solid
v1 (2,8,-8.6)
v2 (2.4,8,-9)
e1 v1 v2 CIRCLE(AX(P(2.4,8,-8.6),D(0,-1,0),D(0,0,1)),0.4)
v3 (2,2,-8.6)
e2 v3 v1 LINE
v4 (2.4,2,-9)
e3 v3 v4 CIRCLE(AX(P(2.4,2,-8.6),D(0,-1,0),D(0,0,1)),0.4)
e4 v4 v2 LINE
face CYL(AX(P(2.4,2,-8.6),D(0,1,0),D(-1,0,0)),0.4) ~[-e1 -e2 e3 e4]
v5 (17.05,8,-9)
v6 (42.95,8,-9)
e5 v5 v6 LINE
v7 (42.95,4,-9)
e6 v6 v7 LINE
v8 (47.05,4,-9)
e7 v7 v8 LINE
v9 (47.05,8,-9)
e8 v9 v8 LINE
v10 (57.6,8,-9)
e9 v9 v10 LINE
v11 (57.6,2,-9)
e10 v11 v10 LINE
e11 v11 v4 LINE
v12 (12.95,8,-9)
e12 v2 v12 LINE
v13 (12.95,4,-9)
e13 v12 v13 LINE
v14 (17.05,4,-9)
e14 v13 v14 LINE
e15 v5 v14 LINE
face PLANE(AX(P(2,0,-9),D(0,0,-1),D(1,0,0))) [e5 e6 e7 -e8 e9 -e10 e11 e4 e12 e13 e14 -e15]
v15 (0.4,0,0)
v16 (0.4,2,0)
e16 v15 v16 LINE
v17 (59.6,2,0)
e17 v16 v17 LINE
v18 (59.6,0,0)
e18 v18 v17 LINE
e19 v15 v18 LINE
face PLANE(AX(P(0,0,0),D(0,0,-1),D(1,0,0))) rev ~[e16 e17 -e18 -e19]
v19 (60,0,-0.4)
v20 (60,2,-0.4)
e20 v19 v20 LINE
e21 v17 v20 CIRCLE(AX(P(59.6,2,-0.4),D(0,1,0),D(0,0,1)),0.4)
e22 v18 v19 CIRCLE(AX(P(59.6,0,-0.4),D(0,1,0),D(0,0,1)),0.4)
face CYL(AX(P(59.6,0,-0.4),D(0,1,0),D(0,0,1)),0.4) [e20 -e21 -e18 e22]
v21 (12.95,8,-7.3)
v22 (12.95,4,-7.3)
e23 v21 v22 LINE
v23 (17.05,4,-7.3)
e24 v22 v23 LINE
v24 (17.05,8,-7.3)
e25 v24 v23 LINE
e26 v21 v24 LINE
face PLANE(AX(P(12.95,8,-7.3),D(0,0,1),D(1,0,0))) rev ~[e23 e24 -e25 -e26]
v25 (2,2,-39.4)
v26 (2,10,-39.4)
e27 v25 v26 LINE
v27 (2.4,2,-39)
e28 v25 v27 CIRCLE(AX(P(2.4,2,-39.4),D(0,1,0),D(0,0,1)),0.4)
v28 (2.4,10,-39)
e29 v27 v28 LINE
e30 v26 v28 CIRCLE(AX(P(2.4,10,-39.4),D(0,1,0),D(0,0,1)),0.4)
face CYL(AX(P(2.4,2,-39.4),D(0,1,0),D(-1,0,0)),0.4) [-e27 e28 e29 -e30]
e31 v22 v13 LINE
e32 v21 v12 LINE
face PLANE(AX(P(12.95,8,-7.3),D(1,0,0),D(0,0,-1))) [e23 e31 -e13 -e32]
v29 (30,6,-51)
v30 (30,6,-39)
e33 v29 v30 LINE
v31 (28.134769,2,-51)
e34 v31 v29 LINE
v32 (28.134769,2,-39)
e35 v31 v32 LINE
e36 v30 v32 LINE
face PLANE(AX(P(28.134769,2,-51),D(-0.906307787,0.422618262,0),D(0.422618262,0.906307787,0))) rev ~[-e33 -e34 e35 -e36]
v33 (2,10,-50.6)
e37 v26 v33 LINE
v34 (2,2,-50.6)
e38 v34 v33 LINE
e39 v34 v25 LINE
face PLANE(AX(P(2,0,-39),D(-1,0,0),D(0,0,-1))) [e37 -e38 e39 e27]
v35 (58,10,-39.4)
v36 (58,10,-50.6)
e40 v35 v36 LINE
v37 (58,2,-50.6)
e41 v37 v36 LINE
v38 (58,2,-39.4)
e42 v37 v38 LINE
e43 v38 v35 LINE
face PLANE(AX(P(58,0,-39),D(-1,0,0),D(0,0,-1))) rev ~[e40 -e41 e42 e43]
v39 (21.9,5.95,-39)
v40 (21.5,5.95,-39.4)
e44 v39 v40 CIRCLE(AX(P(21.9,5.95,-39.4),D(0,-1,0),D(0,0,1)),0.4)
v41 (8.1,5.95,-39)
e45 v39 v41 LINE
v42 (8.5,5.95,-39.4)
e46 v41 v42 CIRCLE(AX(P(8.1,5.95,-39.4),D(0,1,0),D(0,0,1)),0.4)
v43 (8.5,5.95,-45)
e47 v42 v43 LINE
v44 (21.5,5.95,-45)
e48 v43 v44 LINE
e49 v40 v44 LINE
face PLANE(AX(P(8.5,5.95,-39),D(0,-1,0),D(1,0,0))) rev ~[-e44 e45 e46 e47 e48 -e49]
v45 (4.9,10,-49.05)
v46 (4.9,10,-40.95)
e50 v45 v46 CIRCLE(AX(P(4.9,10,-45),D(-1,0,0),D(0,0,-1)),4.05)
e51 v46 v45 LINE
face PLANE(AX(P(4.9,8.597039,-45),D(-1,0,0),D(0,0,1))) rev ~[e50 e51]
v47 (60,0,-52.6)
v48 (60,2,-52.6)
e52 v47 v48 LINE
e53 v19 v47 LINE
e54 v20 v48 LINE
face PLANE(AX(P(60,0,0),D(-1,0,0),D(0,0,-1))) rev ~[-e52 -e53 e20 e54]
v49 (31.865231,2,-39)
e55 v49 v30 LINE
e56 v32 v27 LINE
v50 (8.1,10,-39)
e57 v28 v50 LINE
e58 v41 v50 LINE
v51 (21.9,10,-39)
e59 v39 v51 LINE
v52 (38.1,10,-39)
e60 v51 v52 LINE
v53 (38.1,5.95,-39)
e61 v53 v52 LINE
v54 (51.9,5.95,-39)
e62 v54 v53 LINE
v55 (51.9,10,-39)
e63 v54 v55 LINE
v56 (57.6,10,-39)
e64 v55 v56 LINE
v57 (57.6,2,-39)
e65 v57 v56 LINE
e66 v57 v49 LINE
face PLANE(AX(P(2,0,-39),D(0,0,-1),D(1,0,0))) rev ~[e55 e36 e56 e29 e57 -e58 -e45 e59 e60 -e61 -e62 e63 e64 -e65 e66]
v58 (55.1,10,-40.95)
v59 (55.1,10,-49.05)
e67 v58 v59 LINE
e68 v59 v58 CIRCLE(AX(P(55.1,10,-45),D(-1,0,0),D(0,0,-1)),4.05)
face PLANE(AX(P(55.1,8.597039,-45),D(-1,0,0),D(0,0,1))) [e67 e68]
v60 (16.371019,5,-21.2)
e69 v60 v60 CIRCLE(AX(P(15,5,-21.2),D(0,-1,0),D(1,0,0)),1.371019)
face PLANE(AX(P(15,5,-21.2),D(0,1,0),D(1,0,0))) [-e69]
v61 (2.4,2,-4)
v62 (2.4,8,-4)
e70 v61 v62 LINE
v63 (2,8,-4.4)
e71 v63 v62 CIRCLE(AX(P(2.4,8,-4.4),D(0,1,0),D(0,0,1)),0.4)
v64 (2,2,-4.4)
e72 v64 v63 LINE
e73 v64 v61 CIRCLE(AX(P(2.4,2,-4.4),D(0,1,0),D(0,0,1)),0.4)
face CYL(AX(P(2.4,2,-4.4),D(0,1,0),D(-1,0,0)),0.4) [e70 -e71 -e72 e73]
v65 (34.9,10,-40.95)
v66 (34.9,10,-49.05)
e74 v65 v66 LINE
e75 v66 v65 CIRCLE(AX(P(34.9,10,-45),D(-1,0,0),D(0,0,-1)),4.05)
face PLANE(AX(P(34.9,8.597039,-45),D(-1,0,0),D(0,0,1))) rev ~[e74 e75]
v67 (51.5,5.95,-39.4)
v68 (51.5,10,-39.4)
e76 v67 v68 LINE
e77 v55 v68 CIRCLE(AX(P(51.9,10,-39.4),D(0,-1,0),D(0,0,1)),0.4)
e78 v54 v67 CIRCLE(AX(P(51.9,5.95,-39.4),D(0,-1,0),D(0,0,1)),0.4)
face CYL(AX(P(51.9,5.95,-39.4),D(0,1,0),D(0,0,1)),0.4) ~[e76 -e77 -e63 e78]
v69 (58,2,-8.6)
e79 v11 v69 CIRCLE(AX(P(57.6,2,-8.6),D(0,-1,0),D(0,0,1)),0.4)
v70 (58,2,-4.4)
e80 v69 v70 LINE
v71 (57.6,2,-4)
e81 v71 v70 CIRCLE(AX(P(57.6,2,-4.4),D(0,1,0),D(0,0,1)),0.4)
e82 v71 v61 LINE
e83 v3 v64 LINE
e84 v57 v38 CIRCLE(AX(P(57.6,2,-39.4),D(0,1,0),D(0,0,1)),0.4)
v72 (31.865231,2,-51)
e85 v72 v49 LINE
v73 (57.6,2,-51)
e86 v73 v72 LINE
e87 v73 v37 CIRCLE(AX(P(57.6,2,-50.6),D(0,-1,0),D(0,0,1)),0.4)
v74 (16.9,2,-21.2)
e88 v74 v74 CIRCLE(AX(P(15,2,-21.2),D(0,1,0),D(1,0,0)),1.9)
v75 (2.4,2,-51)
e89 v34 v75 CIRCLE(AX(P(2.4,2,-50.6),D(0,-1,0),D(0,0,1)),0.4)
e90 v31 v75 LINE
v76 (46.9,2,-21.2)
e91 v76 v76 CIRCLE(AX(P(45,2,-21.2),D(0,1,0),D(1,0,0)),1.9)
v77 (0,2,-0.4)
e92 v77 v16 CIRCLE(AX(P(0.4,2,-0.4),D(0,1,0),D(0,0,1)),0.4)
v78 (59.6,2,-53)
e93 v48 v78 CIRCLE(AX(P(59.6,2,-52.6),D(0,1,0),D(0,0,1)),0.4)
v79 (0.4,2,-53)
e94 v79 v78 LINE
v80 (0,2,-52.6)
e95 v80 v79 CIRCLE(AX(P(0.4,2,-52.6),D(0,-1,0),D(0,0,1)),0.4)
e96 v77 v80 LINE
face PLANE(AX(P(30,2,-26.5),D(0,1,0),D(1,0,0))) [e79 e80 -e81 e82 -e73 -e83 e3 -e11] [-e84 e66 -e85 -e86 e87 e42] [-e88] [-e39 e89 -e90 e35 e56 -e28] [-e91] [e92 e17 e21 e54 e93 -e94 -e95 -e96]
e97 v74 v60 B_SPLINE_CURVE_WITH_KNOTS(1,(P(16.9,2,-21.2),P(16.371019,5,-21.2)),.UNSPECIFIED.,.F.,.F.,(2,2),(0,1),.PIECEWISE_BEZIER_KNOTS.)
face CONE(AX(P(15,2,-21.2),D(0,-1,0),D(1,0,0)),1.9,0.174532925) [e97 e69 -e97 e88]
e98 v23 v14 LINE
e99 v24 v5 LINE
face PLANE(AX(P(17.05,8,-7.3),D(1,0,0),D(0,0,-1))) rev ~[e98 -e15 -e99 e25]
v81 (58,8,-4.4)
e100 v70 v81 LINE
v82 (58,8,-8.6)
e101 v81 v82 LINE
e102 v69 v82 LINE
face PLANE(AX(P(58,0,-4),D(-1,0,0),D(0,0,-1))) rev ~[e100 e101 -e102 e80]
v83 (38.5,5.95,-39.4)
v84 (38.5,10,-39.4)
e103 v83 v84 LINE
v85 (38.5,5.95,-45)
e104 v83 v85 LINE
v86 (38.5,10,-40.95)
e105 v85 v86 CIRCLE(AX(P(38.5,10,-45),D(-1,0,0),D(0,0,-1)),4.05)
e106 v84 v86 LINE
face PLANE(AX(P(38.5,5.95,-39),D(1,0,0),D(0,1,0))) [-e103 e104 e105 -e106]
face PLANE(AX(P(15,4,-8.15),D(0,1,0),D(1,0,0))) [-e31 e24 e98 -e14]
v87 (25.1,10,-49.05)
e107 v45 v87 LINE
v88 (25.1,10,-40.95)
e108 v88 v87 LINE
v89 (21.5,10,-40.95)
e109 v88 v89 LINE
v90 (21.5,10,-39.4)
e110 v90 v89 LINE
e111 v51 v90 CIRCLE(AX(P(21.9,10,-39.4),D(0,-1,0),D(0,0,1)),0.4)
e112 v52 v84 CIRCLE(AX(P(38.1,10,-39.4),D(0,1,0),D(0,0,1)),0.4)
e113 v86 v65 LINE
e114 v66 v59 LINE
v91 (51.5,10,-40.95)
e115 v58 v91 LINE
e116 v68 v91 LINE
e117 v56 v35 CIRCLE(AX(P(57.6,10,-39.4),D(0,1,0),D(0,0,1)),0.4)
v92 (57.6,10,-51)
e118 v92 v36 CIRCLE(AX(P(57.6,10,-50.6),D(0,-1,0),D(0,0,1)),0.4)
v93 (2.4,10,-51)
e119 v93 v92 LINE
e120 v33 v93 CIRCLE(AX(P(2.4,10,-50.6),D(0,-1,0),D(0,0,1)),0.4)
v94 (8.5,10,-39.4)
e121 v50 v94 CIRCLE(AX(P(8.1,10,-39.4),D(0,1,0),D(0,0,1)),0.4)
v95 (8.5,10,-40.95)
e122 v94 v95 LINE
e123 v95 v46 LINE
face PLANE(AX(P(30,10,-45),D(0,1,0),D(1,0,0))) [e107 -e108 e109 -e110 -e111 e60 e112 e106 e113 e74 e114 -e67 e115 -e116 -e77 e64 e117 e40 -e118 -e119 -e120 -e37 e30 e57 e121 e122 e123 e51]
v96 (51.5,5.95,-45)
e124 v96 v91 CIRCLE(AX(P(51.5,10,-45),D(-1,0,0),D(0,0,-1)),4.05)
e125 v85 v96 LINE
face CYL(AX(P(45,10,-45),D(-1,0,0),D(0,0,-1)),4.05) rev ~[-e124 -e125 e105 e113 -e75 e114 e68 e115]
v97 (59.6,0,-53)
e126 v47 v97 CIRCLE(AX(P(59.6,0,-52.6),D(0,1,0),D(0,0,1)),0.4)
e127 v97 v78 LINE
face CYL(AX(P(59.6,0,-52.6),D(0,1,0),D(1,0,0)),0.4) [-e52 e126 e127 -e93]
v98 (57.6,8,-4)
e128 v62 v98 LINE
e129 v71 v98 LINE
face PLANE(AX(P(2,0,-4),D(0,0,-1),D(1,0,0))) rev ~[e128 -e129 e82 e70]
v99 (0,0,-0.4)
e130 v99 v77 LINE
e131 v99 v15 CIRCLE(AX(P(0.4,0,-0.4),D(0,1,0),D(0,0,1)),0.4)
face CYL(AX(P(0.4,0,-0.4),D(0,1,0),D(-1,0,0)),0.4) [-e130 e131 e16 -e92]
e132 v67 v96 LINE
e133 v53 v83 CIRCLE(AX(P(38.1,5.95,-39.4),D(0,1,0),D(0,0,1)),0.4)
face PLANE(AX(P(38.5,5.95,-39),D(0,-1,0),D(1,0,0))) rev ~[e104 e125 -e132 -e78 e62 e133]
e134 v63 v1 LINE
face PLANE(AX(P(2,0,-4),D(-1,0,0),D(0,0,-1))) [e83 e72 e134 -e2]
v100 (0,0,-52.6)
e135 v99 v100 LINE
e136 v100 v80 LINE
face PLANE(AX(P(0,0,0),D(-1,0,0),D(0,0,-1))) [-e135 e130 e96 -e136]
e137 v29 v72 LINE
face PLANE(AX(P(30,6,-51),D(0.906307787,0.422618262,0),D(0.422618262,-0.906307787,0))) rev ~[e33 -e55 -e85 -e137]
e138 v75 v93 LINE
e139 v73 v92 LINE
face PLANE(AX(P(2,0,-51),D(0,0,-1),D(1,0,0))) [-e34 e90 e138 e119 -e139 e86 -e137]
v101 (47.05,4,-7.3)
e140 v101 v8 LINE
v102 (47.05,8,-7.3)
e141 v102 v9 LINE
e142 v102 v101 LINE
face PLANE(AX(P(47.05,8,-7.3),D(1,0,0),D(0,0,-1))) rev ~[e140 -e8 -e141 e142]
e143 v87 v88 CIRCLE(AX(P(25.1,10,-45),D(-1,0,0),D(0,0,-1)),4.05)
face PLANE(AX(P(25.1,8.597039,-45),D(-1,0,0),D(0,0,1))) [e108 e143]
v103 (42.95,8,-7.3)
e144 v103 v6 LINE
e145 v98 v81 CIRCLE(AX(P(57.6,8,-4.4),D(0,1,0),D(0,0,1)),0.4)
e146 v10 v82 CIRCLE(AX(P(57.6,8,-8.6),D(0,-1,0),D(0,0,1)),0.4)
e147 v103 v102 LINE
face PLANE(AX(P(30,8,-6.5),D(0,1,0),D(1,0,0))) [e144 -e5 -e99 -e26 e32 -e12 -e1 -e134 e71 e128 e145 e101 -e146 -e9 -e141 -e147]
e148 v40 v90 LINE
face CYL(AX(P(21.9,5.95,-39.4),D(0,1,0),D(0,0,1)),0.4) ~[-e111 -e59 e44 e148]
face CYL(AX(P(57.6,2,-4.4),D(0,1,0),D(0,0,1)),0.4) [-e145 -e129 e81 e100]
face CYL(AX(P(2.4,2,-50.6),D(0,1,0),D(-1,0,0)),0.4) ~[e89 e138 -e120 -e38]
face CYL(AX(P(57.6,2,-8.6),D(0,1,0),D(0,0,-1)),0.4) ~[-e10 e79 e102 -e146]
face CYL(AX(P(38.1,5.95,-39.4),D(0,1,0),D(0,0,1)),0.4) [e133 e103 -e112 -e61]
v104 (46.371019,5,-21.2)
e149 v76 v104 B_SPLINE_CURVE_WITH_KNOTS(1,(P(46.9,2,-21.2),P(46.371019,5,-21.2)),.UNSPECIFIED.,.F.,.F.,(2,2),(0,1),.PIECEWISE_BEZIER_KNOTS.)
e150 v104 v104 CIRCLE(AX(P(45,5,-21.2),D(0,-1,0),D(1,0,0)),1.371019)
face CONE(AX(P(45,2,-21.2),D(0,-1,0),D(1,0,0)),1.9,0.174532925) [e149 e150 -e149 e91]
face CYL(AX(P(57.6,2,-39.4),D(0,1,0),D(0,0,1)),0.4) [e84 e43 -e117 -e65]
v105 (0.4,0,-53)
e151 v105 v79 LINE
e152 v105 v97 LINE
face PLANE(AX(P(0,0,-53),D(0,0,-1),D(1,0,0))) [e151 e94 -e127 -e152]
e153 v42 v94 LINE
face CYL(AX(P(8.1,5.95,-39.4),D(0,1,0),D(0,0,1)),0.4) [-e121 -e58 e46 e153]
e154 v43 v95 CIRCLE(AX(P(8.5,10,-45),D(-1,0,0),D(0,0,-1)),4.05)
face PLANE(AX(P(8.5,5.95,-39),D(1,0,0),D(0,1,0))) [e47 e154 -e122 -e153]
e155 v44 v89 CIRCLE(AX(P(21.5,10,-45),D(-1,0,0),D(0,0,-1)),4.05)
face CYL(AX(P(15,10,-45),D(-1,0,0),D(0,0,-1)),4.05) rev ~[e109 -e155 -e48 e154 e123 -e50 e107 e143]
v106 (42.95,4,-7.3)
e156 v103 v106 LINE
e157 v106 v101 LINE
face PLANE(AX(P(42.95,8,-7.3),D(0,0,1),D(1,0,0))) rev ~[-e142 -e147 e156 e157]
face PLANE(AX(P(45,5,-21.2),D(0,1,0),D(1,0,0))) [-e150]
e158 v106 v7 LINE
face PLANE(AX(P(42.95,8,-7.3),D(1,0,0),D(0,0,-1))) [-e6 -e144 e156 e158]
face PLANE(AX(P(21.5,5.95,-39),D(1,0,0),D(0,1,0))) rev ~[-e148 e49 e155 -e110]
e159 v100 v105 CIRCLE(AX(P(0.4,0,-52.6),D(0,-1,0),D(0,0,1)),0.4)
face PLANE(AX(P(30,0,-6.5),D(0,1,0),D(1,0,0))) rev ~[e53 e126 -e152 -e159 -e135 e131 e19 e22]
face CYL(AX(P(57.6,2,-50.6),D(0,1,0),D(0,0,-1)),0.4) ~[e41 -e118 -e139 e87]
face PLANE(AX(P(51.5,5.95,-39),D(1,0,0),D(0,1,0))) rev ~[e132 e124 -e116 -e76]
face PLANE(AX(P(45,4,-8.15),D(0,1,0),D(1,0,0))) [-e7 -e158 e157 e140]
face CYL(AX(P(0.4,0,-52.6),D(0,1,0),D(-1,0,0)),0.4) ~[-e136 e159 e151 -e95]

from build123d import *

# Parameters (mm, degrees)
SKETCH1_W               = 60
SKETCH1_H               = 53
BOSS_EXTRUDE1_DEPTH     = 2
SKETCH3_W               = 56
SKETCH3_H               = 12
BOSS_EXTRUDE3_DEPTH     = 10
SKETCH2_W               = 56
SKETCH2_H               = 5
BOSS_EXTRUDE2_DEPTH     = 8
CUT_EXTRUDE1_DEPTH      = 10.1
CUT_EXTRUDE1_DEPTH_BACK = 10.1
CUT_EXTRUDE2_DEPTH      = 10.1
CUT_EXTRUDE2_DEPTH_BACK = 10.1
SKETCH6_W               = 13
SKETCH6_H               = 4.05
CUT_EXTRUDE3_DEPTH      = 6
SKETCH7_R               = 1.9
BOSS_EXTRUDE4_DEPTH     = 3
BOSS_EXTRUDE4_TAPER     = 10
FILLET2_R               = 0.4
CUT_EXTRUDE4_REACH      = 53
SKETCH9_W               = 4.1
SKETCH9_H               = 1.7
CUT_EXTRUDE5_DEPTH      = 4


with BuildPart() as part:
    # Sketch1 → Boss-Extrude1 (new body)
    with BuildSketch(Plane(origin=(0, 0, 0), x_dir=(1, 0, 0), z_dir=(0, 1, 0))):
        with Locations((30, 26.5)):
            Rectangle(SKETCH1_W, SKETCH1_H)
    extrude(amount=BOSS_EXTRUDE1_DEPTH)

    # Sketch3 → Boss-Extrude3 (add)
    with BuildSketch(Plane(origin=(0, 0, 0), x_dir=(1, 0, 0), z_dir=(0, 1, 0))):
        with Locations((30, 45)):
            Rectangle(SKETCH3_W, SKETCH3_H)
    extrude(amount=BOSS_EXTRUDE3_DEPTH)

    # Sketch2 → Boss-Extrude2 (add)
    with BuildSketch(Plane(origin=(0, 0, 0), x_dir=(1, 0, 0), z_dir=(0, 1, 0))):
        with Locations((30, 6.5)):
            Rectangle(SKETCH2_W, SKETCH2_H)
    extrude(amount=BOSS_EXTRUDE2_DEPTH)

    # Sketch4 → Cut-Extrude1 (cut, two sides)
    with BuildSketch(Plane.ZY.offset(-15)) as cut_extrude1_sk:
        with BuildLine():
            Line((-40.95, 10), (-49.05, 10))
            ThreePointArc((-49.05, 10), (-45, 5.95), (-40.95, 10))
        make_face()
    extrude(amount=CUT_EXTRUDE1_DEPTH, mode=Mode.SUBTRACT)
    extrude(cut_extrude1_sk.sketch, amount=-CUT_EXTRUDE1_DEPTH_BACK, mode=Mode.SUBTRACT)

    # Sketch5 → Cut-Extrude2 (cut, two sides)
    with BuildSketch(Plane(origin=(45, 0, 0), x_dir=(0, 0, -1), z_dir=(1, 0, 0))) as cut_extrude2_sk:
        with BuildLine():
            Line((40.95, 10), (49.05, 10))
            ThreePointArc((49.05, 10), (45, 5.95), (40.95, 10))
        make_face()
    extrude(amount=CUT_EXTRUDE2_DEPTH, mode=Mode.SUBTRACT)
    extrude(cut_extrude2_sk.sketch, amount=-CUT_EXTRUDE2_DEPTH_BACK, mode=Mode.SUBTRACT)

    # Sketch6 → Cut-Extrude3 (cut)
    with BuildSketch(Plane.XY.offset(-39)):
        with Locations((15, 7.975)):
            Rectangle(SKETCH6_W, SKETCH6_H)
        with Locations((45, 7.975)):
            Rectangle(SKETCH6_W, SKETCH6_H)
    extrude(amount=-CUT_EXTRUDE3_DEPTH, mode=Mode.SUBTRACT)

    # Sketch7 → Boss-Extrude4 (add)
    with BuildSketch(Plane(origin=(0, 2, 0), x_dir=(1, 0, 0), z_dir=(0, 1, 0))):
        with Locations((15, 21.2)):
            Circle(SKETCH7_R)
        with Locations((45, 21.2)):
            Circle(SKETCH7_R)
    extrude(amount=BOSS_EXTRUDE4_DEPTH, taper=BOSS_EXTRUDE4_TAPER)

    # Fillet2
    fillet2_edges = [part.edges().sort_by_distance(p)[0] for p in [
        (58, 6, -51),
        (2, 6, -51),
        (2, 6, -39),
        (58, 6, -39),
        (2, 5, -4),
        (58, 5, -4),
        (58, 5, -9),
        (2, 5, -9),
        (0, 1, 0),
        (0, 1, -53),
        (60, 1, -53),
        (60, 1, 0),
        (8.5, 7.975, -39),
        (21.5, 7.975, -39),
        (38.5, 7.975, -39),
        (51.5, 7.975, -39),
    ]]
    fillet(fillet2_edges, radius=FILLET2_R)

    # Sketch8 → Cut-Extrude4 (cut, up to next)
    with BuildSketch(Plane(origin=(0, 0, -51), x_dir=(-1, 0, 0), z_dir=(0, 0, -1)), mode=Mode.PRIVATE) as cut_extrude4_sk1:
        Polygon((-30, 6), (-31.865230633, 2), (-28.134769367, 2), align=None)
    cut_extrude4_tool1 = extrude(cut_extrude4_sk1.sketch, amount=-CUT_EXTRUDE4_REACH, mode=Mode.PRIVATE) & part.part
    add(cut_extrude4_tool1.solids().sort_by_distance((30, 3.333333, -51))[0], mode=Mode.SUBTRACT)

    # Sketch9 → Cut-Extrude5 (cut)
    with BuildSketch(Plane(origin=(0, 8, 0), x_dir=(1, 0, 0), z_dir=(0, 1, 0))):
        with Locations((15, 8.15)):
            Rectangle(SKETCH9_W, SKETCH9_H)
        with Locations((45, 8.15)):
            Rectangle(SKETCH9_W, SKETCH9_H)
    extrude(amount=-CUT_EXTRUDE5_DEPTH, mode=Mode.SUBTRACT)


solid = part.part
